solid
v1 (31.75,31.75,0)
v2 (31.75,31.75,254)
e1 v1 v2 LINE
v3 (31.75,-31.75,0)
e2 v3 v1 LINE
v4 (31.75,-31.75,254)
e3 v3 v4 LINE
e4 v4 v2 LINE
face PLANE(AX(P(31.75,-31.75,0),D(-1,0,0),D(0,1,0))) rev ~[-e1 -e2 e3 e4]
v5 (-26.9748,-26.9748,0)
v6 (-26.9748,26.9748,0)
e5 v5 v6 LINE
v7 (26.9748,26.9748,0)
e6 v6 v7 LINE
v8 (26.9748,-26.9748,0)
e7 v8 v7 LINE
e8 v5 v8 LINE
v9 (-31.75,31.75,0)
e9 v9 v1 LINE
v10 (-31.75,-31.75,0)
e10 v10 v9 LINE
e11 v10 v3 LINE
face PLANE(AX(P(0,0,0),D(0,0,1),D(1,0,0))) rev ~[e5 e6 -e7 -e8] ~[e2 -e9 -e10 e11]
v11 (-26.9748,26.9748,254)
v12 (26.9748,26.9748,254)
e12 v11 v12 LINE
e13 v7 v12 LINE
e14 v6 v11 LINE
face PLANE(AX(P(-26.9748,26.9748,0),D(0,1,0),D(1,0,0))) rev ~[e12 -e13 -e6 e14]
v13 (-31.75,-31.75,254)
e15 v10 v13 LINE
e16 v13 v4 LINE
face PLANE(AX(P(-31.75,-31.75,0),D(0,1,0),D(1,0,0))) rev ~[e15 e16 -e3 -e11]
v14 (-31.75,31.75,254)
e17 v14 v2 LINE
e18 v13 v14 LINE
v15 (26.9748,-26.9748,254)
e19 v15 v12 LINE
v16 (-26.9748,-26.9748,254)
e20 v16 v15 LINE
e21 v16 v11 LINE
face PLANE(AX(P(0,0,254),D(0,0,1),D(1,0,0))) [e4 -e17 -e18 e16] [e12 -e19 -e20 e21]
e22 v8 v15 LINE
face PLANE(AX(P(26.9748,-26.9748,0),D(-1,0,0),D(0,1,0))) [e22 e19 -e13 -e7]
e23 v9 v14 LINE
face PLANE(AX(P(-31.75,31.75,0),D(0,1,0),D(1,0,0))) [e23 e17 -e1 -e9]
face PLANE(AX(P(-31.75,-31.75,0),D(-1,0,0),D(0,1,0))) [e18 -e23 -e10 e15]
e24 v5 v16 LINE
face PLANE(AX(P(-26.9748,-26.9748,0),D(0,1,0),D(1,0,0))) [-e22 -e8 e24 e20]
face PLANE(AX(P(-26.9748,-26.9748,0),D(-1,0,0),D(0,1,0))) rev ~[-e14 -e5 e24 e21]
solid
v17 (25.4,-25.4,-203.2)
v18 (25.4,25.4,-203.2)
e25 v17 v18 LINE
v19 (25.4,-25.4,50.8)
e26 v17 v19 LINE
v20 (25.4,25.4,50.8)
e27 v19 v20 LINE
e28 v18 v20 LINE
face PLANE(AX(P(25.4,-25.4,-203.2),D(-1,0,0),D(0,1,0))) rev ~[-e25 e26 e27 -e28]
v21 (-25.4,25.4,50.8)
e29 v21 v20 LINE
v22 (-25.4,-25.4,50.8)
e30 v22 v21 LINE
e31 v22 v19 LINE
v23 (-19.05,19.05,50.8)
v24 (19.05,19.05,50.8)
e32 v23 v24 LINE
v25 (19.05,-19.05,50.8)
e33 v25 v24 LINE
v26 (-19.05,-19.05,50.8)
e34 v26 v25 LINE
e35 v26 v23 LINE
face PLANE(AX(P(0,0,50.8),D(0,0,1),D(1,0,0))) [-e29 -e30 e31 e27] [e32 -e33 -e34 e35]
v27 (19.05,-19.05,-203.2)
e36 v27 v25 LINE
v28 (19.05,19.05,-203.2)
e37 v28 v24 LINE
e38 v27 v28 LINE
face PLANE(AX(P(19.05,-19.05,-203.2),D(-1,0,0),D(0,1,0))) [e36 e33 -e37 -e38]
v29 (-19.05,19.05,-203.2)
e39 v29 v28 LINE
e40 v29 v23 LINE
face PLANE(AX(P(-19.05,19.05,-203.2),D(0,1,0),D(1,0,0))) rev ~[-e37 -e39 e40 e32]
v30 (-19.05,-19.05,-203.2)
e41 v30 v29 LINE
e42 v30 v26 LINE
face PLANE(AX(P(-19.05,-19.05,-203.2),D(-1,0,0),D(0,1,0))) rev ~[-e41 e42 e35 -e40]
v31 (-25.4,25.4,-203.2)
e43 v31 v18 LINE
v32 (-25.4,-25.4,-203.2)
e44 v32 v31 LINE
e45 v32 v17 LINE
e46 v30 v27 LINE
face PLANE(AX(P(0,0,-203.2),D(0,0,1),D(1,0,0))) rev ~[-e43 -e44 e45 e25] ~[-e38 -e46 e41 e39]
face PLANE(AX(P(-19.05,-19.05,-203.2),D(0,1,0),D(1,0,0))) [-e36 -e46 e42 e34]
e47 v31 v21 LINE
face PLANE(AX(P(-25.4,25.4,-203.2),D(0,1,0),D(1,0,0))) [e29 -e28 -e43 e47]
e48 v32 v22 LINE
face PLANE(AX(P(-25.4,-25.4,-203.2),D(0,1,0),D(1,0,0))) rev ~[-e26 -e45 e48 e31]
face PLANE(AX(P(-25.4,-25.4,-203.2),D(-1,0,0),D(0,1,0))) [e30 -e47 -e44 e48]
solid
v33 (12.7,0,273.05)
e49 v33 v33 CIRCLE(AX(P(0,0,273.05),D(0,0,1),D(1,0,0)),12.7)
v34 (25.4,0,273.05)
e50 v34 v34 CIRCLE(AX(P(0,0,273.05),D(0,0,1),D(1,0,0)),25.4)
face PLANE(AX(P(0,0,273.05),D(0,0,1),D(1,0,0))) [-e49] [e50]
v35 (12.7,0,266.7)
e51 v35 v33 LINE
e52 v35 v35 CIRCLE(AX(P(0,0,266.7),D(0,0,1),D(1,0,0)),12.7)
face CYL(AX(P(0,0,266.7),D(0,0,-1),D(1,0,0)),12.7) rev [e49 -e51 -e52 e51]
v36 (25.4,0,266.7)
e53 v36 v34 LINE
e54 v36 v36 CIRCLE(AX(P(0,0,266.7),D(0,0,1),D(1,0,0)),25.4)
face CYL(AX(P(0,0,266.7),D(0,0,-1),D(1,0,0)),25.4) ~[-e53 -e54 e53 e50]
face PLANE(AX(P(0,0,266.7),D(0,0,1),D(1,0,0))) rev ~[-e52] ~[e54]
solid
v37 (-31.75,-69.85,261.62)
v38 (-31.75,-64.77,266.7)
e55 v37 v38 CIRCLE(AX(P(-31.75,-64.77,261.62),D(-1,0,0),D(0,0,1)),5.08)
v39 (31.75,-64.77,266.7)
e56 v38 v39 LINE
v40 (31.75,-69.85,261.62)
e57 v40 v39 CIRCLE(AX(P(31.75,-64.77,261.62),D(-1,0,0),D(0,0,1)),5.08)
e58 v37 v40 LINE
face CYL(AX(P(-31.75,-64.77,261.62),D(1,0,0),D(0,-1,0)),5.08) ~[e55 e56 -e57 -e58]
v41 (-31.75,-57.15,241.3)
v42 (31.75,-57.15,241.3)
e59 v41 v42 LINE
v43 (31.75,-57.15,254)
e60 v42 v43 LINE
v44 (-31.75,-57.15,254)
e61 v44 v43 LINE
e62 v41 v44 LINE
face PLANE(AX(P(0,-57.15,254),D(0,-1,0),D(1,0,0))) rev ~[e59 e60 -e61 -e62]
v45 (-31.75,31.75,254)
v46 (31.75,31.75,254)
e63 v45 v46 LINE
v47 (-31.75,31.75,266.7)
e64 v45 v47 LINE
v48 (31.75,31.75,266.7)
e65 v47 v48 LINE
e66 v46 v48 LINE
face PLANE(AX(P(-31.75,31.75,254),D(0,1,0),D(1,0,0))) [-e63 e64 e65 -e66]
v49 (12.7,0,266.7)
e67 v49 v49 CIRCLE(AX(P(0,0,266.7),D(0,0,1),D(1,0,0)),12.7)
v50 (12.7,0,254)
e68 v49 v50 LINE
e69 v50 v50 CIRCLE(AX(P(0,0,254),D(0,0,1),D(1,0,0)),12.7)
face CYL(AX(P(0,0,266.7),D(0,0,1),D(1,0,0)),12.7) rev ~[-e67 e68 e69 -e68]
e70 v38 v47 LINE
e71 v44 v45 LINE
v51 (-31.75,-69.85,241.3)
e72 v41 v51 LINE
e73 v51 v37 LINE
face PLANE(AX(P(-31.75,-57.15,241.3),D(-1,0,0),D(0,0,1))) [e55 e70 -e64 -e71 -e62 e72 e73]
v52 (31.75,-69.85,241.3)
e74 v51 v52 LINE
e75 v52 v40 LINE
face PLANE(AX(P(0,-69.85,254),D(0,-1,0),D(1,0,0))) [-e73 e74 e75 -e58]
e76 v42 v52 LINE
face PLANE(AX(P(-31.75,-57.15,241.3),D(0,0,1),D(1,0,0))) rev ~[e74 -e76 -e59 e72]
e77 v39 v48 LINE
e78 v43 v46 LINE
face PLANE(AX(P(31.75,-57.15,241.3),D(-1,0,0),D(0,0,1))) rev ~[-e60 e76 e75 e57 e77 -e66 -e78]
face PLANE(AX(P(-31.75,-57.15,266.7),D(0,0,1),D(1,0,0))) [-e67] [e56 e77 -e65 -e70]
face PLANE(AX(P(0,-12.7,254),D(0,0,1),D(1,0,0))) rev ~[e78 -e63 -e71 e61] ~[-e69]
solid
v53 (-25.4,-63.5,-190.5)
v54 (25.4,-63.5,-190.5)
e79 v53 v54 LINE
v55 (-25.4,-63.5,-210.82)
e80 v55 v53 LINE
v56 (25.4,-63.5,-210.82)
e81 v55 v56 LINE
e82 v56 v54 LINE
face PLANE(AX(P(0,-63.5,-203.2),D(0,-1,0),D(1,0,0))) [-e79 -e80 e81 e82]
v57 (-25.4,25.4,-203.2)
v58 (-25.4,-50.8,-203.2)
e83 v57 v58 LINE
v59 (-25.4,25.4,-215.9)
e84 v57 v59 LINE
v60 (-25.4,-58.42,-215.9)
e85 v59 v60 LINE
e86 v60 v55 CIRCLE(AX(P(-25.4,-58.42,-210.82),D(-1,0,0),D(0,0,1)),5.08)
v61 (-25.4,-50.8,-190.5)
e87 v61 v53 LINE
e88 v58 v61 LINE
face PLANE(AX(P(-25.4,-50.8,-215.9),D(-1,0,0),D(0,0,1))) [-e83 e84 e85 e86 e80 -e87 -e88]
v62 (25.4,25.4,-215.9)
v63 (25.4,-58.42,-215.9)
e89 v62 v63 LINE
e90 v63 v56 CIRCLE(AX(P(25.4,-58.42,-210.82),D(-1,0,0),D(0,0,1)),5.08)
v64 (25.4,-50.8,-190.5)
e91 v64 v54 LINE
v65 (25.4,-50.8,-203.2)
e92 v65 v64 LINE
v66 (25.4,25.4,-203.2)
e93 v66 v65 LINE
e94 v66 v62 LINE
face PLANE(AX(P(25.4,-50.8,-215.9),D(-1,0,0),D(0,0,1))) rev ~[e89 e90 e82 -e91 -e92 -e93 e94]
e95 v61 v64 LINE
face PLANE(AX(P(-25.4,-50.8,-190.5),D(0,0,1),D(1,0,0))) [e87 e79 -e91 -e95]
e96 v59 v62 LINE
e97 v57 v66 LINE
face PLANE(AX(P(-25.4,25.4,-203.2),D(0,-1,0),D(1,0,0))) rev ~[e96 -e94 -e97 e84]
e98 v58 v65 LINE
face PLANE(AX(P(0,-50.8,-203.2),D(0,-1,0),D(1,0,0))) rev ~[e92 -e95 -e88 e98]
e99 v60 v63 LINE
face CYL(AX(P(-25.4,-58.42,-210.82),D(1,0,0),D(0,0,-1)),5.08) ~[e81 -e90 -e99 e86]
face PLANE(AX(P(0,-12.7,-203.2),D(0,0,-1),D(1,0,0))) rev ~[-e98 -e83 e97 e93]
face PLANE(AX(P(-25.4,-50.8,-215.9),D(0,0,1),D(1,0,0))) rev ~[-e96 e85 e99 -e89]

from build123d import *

# Parameters (mm, degrees)
F0_W      = 50.8
F0_H      = 50.8
F0_W_2    = 38.1
F0_H_2    = 38.1
F1_DEPTH  = 254
F0_W_3    = 63.5
F0_H_3    = 63.5
F0_W_4    = 53.9496
F0_H_4    = 53.9496
F2_DEPTH  = 254
F4_W      = 63.5
F4_H      = 88.9
F5_DEPTH  = 12.7
F6_W      = 63.5
F6_H      = 25.4
F7_DEPTH  = 12.7
F8_R      = 12.7
F9_DEPTH  = 25.4
F10_W     = 50.8
F10_H     = 76.2
F11_DEPTH = 12.7
F12_W     = 50.8
F12_H     = 25.4
F13_DEPTH = 12.7
F14_R     = 5.08
F15_R     = 5.08
F16_R     = 25.4
F16_R_2   = 12.7
F17_DEPTH = 6.35


with BuildPart() as f1:
    # F0 (on Top) → F1 (new body)
    with BuildSketch(Plane.XY):
        Rectangle(F0_W, F0_H)
        Rectangle(F0_W_2, F0_H_2, mode=Mode.SUBTRACT)
    extrude(amount=F1_DEPTH)


with BuildPart() as f2:
    # F0 (on Top) → F2 (new body)
    with BuildSketch(Plane.XY):
        Rectangle(F0_W_3, F0_H_3)
        Rectangle(F0_W_4, F0_H_4, mode=Mode.SUBTRACT)
    extrude(amount=F2_DEPTH)


with BuildPart() as f1_1:
    # F3: moved
    add(f1.part.moved(Location((0, 0, -203.2))))


with BuildPart() as f5:
    # F4 (on face) → F5 (new body)
    with BuildSketch(Plane.XY.offset(254)):
        with Locations((0, -12.7)):
            Rectangle(F4_W, F4_H)
    extrude(amount=F5_DEPTH)

    # F6 (on face) → F7 (join)
    with BuildSketch(Plane.XZ.offset(57.15)):
        with Locations((0, 254)):
            Rectangle(F6_W, F6_H)
    extrude(amount=F7_DEPTH)

    # F8 (on face) → F9 (cut)
    with BuildSketch(Plane.XY.offset(266.7)):
        Circle(F8_R)
    extrude(amount=-F9_DEPTH, mode=Mode.SUBTRACT)

    # F15
    f15_edges = [f5.edges().sort_by_distance(p)[0] for p in [
        (0, -69.85, 266.7),
    ]]
    fillet(f15_edges, radius=F15_R)


with BuildPart() as f11:
    # F10 (on face) → F11 (new body)
    with BuildSketch(Plane(origin=(0, 0, -203.2), x_dir=(1, 0, 0), z_dir=(0, 0, -1))):
        with Locations((0, 12.7)):
            Rectangle(F10_W, F10_H)
    extrude(amount=F11_DEPTH)

    # F12 (on face) → F13 (join)
    with BuildSketch(Plane.XZ.offset(50.8)):
        with Locations((0, -203.2)):
            Rectangle(F12_W, F12_H)
    extrude(amount=F13_DEPTH)

    # F14
    f14_edges = [f11.edges().sort_by_distance(p)[0] for p in [
        (0, -63.5, -215.9),
    ]]
    fillet(f14_edges, radius=F14_R)


with BuildPart() as f17:
    # F16 (on face) → F17 (new body)
    with BuildSketch(Plane.XY.offset(266.7)):
        Circle(F16_R)
        Circle(F16_R_2, mode=Mode.SUBTRACT)
    extrude(amount=F17_DEPTH)


solid = Compound([f2.part, f1_1.part, f5.part, f11.part, f17.part])
